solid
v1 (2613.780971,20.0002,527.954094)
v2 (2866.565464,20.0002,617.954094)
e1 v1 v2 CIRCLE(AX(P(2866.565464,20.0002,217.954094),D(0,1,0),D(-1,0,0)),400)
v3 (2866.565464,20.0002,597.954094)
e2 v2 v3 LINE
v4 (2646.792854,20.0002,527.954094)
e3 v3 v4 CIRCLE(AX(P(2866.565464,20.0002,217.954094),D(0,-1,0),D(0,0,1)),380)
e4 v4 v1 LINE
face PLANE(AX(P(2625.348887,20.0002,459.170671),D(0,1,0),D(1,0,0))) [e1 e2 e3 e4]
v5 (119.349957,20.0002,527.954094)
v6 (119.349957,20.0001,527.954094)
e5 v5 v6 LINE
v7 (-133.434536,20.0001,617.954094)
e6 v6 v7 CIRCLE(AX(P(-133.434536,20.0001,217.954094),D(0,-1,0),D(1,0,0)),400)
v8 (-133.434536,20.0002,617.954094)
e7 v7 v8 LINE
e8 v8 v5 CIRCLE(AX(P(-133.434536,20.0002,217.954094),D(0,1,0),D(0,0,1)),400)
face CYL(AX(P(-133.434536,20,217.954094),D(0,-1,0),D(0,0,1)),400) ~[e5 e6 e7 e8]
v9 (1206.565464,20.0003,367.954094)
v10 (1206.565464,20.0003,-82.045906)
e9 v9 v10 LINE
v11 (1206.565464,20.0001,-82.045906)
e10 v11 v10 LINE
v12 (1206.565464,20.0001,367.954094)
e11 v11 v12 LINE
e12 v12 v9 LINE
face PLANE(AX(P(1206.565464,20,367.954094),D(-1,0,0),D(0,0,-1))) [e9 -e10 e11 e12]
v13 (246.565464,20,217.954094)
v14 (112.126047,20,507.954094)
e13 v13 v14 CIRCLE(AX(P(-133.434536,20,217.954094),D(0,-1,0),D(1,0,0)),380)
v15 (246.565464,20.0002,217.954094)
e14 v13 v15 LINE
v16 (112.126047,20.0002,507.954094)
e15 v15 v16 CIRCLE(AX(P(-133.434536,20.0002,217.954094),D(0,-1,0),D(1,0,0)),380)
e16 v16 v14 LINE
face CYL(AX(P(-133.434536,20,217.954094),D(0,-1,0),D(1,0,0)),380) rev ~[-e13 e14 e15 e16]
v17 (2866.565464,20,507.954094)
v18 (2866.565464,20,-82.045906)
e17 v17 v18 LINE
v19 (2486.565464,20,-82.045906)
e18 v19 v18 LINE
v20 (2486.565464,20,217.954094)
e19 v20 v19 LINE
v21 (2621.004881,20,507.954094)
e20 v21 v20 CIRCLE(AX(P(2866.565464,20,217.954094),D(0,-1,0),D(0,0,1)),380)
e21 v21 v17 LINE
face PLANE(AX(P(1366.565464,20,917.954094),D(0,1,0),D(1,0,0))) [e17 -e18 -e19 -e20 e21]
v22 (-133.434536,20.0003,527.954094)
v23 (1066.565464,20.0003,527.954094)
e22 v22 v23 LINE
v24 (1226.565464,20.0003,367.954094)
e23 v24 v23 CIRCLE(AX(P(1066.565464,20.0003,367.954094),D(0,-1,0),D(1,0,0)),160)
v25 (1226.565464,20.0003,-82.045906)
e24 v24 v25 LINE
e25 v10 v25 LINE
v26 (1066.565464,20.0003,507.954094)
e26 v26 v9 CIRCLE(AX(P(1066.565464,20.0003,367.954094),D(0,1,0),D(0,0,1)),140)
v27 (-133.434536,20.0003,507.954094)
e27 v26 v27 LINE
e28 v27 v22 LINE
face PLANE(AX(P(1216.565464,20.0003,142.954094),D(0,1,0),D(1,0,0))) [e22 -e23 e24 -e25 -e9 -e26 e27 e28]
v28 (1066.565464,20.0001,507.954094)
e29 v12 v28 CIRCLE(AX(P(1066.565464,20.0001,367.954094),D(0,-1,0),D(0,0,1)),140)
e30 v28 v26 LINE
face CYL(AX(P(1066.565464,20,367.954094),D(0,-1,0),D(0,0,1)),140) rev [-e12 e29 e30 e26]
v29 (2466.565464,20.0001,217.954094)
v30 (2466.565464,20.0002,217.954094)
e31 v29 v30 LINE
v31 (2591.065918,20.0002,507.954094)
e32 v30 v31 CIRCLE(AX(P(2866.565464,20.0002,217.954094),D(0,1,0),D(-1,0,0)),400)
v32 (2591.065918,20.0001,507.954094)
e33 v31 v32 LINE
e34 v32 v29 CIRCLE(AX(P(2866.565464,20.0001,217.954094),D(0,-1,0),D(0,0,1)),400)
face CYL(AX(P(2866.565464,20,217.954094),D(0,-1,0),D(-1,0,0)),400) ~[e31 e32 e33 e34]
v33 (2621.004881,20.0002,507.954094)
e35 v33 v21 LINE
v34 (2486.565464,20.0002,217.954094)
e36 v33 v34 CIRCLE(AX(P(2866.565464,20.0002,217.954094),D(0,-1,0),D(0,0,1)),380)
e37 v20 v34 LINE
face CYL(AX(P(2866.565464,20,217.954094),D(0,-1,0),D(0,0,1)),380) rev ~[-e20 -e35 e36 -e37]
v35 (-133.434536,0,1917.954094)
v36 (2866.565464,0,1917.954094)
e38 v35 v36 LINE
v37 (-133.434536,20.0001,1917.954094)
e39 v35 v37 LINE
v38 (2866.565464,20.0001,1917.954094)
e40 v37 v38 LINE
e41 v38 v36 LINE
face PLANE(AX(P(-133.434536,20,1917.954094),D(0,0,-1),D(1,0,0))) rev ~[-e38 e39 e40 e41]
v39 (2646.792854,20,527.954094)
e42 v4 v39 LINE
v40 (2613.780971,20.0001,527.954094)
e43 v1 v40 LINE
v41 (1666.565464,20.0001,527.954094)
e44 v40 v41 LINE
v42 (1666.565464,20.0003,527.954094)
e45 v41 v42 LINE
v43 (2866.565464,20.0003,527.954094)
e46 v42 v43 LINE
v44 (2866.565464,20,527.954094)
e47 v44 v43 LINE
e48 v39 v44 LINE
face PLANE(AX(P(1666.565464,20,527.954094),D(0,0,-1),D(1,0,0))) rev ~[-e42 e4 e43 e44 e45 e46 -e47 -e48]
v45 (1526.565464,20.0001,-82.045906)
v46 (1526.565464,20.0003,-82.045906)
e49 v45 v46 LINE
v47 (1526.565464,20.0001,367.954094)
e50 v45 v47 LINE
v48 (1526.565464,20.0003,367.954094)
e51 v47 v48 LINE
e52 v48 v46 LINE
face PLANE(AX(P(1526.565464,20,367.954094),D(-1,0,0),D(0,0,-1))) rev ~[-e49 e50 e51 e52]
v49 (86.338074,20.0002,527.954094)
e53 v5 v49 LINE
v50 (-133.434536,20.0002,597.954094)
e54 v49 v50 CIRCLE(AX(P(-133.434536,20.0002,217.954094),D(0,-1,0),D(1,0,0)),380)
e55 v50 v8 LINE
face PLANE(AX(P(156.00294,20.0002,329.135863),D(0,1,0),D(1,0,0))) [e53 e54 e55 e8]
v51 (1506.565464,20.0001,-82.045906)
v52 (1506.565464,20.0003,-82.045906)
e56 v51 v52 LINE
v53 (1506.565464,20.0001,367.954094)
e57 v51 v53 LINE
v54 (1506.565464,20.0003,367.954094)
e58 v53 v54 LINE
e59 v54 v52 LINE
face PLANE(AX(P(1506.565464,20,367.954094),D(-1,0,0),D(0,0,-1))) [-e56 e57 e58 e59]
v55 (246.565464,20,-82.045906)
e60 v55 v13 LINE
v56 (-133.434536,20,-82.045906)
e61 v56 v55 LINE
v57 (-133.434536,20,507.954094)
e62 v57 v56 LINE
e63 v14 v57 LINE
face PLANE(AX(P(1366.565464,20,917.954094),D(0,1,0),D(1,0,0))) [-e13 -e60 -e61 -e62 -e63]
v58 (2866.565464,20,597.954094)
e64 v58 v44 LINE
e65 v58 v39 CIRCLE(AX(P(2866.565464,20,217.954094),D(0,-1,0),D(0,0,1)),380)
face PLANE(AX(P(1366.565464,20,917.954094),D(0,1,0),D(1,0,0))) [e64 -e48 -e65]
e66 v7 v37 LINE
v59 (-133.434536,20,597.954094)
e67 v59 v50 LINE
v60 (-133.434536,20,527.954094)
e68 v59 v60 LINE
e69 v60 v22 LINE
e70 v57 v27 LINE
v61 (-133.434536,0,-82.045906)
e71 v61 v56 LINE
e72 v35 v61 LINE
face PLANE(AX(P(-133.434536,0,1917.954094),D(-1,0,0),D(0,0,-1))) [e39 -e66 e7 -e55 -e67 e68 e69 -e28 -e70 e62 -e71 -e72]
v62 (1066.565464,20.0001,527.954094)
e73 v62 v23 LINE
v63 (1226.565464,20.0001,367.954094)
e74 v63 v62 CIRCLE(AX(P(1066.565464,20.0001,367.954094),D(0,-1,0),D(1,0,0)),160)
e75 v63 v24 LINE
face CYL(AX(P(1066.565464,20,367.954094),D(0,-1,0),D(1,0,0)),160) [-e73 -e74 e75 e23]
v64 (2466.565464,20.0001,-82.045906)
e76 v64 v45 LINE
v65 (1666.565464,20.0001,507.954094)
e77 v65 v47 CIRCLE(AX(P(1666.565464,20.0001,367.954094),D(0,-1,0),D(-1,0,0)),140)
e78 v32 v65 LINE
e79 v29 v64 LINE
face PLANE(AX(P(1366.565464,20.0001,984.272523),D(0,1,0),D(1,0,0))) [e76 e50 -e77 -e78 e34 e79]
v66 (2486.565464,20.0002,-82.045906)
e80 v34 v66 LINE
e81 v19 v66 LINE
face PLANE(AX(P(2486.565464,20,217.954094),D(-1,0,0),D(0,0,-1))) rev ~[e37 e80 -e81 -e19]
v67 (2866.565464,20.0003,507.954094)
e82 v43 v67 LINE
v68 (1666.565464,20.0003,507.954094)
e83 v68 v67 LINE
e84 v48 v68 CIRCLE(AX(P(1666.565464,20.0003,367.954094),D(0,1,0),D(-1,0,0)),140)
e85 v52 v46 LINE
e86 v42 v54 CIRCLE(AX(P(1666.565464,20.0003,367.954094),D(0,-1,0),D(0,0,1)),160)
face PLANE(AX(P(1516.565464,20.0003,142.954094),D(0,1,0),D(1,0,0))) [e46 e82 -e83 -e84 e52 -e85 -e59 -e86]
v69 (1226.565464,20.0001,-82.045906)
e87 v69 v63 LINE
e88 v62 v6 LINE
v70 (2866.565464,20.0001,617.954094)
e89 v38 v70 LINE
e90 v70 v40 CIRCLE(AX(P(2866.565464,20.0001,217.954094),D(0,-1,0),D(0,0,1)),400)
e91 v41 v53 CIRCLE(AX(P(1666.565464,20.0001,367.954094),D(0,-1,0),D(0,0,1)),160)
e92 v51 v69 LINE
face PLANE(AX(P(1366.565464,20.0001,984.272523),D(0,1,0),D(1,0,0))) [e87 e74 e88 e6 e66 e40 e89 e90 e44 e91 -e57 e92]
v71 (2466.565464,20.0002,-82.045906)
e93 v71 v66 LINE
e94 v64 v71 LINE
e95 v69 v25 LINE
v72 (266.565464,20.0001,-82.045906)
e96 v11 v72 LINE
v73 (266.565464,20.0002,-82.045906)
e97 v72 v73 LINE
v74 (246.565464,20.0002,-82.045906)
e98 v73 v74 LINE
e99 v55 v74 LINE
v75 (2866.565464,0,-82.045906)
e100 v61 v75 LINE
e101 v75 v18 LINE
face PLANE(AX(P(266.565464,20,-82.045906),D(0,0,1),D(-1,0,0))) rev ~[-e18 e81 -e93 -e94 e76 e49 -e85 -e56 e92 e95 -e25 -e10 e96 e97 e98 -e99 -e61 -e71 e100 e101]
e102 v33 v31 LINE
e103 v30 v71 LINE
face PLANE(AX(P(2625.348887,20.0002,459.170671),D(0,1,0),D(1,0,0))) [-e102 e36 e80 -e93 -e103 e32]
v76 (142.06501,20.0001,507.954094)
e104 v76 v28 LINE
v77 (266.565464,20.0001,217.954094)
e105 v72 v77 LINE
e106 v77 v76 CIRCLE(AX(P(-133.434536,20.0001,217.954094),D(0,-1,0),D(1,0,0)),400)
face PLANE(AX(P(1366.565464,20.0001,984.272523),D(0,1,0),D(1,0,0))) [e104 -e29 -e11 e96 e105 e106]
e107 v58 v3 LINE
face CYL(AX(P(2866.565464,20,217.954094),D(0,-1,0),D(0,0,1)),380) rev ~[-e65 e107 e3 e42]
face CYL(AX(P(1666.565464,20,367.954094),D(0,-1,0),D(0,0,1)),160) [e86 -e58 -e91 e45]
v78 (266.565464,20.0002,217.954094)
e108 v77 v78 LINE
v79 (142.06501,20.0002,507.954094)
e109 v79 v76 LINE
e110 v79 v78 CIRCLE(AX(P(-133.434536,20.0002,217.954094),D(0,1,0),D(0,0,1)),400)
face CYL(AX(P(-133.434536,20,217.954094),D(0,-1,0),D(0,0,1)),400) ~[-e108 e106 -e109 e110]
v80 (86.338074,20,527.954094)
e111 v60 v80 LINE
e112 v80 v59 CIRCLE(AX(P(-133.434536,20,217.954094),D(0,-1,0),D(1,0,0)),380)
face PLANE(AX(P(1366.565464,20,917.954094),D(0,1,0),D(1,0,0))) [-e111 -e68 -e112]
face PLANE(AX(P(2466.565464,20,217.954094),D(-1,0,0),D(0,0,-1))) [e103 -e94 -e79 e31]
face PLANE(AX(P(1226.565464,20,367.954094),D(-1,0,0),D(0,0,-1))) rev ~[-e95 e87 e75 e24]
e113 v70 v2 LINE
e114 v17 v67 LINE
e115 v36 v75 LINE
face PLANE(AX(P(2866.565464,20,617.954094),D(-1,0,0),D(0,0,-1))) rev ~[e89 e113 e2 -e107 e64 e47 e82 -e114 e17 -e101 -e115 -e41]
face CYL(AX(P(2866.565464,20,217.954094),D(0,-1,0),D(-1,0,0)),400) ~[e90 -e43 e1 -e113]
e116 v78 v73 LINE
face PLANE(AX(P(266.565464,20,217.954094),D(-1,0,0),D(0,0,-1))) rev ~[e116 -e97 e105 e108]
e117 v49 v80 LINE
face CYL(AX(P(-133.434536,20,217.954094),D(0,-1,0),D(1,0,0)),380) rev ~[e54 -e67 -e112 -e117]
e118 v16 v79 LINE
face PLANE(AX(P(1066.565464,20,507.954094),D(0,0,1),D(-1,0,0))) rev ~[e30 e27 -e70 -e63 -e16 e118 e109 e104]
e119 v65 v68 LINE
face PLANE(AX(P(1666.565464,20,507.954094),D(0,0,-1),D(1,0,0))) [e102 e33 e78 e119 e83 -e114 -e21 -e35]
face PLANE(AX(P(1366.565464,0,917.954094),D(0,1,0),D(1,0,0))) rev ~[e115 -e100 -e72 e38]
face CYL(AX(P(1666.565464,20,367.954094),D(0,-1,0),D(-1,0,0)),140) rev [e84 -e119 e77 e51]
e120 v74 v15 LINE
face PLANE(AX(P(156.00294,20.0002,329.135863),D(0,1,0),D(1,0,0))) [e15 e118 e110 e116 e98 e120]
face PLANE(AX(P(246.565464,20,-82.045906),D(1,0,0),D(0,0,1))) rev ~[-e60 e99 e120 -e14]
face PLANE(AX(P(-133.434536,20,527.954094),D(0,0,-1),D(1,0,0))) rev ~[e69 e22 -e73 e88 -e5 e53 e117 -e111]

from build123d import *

# Parameters (mm, degrees)
ESQUISSE1_W        = 3000
ESQUISSE1_H        = 2000
BOSS_EXTRU_1_DEPTH = 20
BOSS_EXTRU_2_DEPTH = 0.0001
BOSS_EXTRU_6_DEPTH = 0.0002
ESQUISSE6_W        = 20
ESQUISSE6_H        = 300
BOSS_EXTRU_8_DEPTH = 0.0002
ESQUISSE7_W        = 20
ESQUISSE7_H        = 450
ESQUISSE7_W_2      = 1200
ESQUISSE7_H_2      = 20
BOSS_EXTRU_9_DEPTH = 0.0003


with BuildPart() as part:
    # Esquisse1 → Boss.-Extru.1 (new body)
    with BuildSketch(Plane(origin=(0, 0, 0), x_dir=(1, 0, 0), z_dir=(0, 1, 0))):
        with Locations((1366.565464178, -917.954094264)):
            Rectangle(ESQUISSE1_W, ESQUISSE1_H)
    extrude(amount=BOSS_EXTRU_1_DEPTH)

    # Esquisse2 → Boss.-Extru.2 (add)
    with BuildSketch(Plane(origin=(0, 20, 0), x_dir=(1, 0, 0), z_dir=(0, 1, 0))):
        with BuildLine():
            Line((2466.565464178, 82.045905736), (266.565464178, 82.045905736))
            Line((266.565464178, 82.045905736), (266.565464178, -217.954094264))
            ThreePointArc((266.565464178, -217.954094264), (149.408176652, -500.796806738), (-133.434535822, -617.954094264))
            Line((-133.434535822, -617.954094264), (-133.434535822, -1917.954094264))
            Line((-133.434535822, -1917.954094264), (2866.565464178, -1917.954094264))
            Line((2866.565464178, -1917.954094264), (2866.565464178, -617.954094264))
            ThreePointArc((2866.565464178, -617.954094264), (2583.722751703, -500.796806738), (2466.565464178, -217.954094264))
            Line((2466.565464178, -217.954094264), (2466.565464178, 82.045905736))
        make_face()
    extrude(amount=BOSS_EXTRU_2_DEPTH)

    # Esquisse5 → Boss.-Extru.6 (add)
    with BuildSketch(Plane(origin=(0, 20, 0), x_dir=(1, 0, 0), z_dir=(0, 1, 0))):
        with BuildLine():
            Line((266.565464178, 82.045905736), (246.565464178, 82.045905736))
            Line((246.565464178, 82.045905736), (246.565464178, -217.954094264))
            ThreePointArc((246.565464178, -217.954094264), (135.266041029, -486.654671115), (-133.434535822, -597.954094264))
            Line((-133.434535822, -597.954094264), (-133.434535822, -617.954094264))
            ThreePointArc((-133.434535822, -617.954094264), (149.408176652, -500.796806738), (266.565464178, -217.954094264))
            Line((266.565464178, -217.954094264), (266.565464178, 82.045905736))
        make_face()
    extrude(amount=BOSS_EXTRU_6_DEPTH)

    # Esquisse6 → Boss.-Extru.8 (add)
    with BuildSketch(Plane(origin=(0, 20, 0), x_dir=(1, 0, 0), z_dir=(0, 1, 0))):
        with BuildLine():
            Line((2486.565464178, -217.954094264), (2466.565464178, -217.954094264))
            ThreePointArc((2466.565464178, -217.954094264), (2583.722751703, -500.796806738), (2866.565464178, -617.954094264))
            Line((2866.565464178, -617.954094264), (2866.565464178, -597.954094264))
            ThreePointArc((2866.565464178, -597.954094264), (2597.864887327, -486.654671115), (2486.565464178, -217.954094264))
        make_face()
        with Locations((2476.565464178, -67.954094264)):
            Rectangle(ESQUISSE6_W, ESQUISSE6_H)
    extrude(amount=BOSS_EXTRU_8_DEPTH)

    # Esquisse7 → Boss.-Extru.9 (add)
    with BuildSketch(Plane(origin=(0, 20, 0), x_dir=(1, 0, 0), z_dir=(0, 1, 0))):
        with Locations((1216.565464178, -142.954094264)):
            Rectangle(ESQUISSE7_W, ESQUISSE7_H)
        with Locations((1516.565464178, -142.954094264)):
            Rectangle(ESQUISSE7_W, ESQUISSE7_H)
        with BuildLine():
            ThreePointArc((1526.565464178, -367.954094264), (1567.570514812, -466.94904363), (1666.565464178, -507.954094264))
            Line((1666.565464178, -507.954094264), (1666.565464178, -527.954094264))
            ThreePointArc((1666.565464178, -527.954094264), (1553.428379188, -481.091179254), (1506.565464178, -367.954094264))
            Line((1506.565464178, -367.954094264), (1526.565464178, -367.954094264))
        make_face()
        with BuildLine():
            ThreePointArc((1226.565464178, -367.954094264), (1179.702549168, -481.091179254), (1066.565464178, -527.954094264))
            Line((1066.565464178, -527.954094264), (1066.565464178, -507.954094264))
            ThreePointArc((1066.565464178, -507.954094264), (1165.560413544, -466.94904363), (1206.565464178, -367.954094264))
            Line((1206.565464178, -367.954094264), (1226.565464178, -367.954094264))
        make_face()
        with BuildLine():
            Line((1066.565464178, -507.954094264), (112.126047334, -507.954094264))
            ThreePointArc((112.126047334, -507.954094264), (99.44686126, -518.231057904), (86.338073936, -527.954094264))
            Line((86.338073936, -527.954094264), (1066.565464178, -527.954094264))
            Line((1066.565464178, -527.954094264), (1066.565464178, -507.954094264))
        make_face()
        with Locations((2266.565464178, -517.954094264)):
            Rectangle(ESQUISSE7_W_2, ESQUISSE7_H_2)
        with BuildLine():
            Line((112.126047334, -507.954094264), (-133.434535822, -507.954094264))
            Line((-133.434535822, -507.954094264), (-133.434535822, -527.954094264))
            Line((-133.434535822, -527.954094264), (86.338073936, -527.954094264))
            ThreePointArc((86.338073936, -527.954094264), (99.44686126, -518.231057904), (112.126047334, -507.954094264))
        make_face()
    extrude(amount=BOSS_EXTRU_9_DEPTH)


solid = part.part
